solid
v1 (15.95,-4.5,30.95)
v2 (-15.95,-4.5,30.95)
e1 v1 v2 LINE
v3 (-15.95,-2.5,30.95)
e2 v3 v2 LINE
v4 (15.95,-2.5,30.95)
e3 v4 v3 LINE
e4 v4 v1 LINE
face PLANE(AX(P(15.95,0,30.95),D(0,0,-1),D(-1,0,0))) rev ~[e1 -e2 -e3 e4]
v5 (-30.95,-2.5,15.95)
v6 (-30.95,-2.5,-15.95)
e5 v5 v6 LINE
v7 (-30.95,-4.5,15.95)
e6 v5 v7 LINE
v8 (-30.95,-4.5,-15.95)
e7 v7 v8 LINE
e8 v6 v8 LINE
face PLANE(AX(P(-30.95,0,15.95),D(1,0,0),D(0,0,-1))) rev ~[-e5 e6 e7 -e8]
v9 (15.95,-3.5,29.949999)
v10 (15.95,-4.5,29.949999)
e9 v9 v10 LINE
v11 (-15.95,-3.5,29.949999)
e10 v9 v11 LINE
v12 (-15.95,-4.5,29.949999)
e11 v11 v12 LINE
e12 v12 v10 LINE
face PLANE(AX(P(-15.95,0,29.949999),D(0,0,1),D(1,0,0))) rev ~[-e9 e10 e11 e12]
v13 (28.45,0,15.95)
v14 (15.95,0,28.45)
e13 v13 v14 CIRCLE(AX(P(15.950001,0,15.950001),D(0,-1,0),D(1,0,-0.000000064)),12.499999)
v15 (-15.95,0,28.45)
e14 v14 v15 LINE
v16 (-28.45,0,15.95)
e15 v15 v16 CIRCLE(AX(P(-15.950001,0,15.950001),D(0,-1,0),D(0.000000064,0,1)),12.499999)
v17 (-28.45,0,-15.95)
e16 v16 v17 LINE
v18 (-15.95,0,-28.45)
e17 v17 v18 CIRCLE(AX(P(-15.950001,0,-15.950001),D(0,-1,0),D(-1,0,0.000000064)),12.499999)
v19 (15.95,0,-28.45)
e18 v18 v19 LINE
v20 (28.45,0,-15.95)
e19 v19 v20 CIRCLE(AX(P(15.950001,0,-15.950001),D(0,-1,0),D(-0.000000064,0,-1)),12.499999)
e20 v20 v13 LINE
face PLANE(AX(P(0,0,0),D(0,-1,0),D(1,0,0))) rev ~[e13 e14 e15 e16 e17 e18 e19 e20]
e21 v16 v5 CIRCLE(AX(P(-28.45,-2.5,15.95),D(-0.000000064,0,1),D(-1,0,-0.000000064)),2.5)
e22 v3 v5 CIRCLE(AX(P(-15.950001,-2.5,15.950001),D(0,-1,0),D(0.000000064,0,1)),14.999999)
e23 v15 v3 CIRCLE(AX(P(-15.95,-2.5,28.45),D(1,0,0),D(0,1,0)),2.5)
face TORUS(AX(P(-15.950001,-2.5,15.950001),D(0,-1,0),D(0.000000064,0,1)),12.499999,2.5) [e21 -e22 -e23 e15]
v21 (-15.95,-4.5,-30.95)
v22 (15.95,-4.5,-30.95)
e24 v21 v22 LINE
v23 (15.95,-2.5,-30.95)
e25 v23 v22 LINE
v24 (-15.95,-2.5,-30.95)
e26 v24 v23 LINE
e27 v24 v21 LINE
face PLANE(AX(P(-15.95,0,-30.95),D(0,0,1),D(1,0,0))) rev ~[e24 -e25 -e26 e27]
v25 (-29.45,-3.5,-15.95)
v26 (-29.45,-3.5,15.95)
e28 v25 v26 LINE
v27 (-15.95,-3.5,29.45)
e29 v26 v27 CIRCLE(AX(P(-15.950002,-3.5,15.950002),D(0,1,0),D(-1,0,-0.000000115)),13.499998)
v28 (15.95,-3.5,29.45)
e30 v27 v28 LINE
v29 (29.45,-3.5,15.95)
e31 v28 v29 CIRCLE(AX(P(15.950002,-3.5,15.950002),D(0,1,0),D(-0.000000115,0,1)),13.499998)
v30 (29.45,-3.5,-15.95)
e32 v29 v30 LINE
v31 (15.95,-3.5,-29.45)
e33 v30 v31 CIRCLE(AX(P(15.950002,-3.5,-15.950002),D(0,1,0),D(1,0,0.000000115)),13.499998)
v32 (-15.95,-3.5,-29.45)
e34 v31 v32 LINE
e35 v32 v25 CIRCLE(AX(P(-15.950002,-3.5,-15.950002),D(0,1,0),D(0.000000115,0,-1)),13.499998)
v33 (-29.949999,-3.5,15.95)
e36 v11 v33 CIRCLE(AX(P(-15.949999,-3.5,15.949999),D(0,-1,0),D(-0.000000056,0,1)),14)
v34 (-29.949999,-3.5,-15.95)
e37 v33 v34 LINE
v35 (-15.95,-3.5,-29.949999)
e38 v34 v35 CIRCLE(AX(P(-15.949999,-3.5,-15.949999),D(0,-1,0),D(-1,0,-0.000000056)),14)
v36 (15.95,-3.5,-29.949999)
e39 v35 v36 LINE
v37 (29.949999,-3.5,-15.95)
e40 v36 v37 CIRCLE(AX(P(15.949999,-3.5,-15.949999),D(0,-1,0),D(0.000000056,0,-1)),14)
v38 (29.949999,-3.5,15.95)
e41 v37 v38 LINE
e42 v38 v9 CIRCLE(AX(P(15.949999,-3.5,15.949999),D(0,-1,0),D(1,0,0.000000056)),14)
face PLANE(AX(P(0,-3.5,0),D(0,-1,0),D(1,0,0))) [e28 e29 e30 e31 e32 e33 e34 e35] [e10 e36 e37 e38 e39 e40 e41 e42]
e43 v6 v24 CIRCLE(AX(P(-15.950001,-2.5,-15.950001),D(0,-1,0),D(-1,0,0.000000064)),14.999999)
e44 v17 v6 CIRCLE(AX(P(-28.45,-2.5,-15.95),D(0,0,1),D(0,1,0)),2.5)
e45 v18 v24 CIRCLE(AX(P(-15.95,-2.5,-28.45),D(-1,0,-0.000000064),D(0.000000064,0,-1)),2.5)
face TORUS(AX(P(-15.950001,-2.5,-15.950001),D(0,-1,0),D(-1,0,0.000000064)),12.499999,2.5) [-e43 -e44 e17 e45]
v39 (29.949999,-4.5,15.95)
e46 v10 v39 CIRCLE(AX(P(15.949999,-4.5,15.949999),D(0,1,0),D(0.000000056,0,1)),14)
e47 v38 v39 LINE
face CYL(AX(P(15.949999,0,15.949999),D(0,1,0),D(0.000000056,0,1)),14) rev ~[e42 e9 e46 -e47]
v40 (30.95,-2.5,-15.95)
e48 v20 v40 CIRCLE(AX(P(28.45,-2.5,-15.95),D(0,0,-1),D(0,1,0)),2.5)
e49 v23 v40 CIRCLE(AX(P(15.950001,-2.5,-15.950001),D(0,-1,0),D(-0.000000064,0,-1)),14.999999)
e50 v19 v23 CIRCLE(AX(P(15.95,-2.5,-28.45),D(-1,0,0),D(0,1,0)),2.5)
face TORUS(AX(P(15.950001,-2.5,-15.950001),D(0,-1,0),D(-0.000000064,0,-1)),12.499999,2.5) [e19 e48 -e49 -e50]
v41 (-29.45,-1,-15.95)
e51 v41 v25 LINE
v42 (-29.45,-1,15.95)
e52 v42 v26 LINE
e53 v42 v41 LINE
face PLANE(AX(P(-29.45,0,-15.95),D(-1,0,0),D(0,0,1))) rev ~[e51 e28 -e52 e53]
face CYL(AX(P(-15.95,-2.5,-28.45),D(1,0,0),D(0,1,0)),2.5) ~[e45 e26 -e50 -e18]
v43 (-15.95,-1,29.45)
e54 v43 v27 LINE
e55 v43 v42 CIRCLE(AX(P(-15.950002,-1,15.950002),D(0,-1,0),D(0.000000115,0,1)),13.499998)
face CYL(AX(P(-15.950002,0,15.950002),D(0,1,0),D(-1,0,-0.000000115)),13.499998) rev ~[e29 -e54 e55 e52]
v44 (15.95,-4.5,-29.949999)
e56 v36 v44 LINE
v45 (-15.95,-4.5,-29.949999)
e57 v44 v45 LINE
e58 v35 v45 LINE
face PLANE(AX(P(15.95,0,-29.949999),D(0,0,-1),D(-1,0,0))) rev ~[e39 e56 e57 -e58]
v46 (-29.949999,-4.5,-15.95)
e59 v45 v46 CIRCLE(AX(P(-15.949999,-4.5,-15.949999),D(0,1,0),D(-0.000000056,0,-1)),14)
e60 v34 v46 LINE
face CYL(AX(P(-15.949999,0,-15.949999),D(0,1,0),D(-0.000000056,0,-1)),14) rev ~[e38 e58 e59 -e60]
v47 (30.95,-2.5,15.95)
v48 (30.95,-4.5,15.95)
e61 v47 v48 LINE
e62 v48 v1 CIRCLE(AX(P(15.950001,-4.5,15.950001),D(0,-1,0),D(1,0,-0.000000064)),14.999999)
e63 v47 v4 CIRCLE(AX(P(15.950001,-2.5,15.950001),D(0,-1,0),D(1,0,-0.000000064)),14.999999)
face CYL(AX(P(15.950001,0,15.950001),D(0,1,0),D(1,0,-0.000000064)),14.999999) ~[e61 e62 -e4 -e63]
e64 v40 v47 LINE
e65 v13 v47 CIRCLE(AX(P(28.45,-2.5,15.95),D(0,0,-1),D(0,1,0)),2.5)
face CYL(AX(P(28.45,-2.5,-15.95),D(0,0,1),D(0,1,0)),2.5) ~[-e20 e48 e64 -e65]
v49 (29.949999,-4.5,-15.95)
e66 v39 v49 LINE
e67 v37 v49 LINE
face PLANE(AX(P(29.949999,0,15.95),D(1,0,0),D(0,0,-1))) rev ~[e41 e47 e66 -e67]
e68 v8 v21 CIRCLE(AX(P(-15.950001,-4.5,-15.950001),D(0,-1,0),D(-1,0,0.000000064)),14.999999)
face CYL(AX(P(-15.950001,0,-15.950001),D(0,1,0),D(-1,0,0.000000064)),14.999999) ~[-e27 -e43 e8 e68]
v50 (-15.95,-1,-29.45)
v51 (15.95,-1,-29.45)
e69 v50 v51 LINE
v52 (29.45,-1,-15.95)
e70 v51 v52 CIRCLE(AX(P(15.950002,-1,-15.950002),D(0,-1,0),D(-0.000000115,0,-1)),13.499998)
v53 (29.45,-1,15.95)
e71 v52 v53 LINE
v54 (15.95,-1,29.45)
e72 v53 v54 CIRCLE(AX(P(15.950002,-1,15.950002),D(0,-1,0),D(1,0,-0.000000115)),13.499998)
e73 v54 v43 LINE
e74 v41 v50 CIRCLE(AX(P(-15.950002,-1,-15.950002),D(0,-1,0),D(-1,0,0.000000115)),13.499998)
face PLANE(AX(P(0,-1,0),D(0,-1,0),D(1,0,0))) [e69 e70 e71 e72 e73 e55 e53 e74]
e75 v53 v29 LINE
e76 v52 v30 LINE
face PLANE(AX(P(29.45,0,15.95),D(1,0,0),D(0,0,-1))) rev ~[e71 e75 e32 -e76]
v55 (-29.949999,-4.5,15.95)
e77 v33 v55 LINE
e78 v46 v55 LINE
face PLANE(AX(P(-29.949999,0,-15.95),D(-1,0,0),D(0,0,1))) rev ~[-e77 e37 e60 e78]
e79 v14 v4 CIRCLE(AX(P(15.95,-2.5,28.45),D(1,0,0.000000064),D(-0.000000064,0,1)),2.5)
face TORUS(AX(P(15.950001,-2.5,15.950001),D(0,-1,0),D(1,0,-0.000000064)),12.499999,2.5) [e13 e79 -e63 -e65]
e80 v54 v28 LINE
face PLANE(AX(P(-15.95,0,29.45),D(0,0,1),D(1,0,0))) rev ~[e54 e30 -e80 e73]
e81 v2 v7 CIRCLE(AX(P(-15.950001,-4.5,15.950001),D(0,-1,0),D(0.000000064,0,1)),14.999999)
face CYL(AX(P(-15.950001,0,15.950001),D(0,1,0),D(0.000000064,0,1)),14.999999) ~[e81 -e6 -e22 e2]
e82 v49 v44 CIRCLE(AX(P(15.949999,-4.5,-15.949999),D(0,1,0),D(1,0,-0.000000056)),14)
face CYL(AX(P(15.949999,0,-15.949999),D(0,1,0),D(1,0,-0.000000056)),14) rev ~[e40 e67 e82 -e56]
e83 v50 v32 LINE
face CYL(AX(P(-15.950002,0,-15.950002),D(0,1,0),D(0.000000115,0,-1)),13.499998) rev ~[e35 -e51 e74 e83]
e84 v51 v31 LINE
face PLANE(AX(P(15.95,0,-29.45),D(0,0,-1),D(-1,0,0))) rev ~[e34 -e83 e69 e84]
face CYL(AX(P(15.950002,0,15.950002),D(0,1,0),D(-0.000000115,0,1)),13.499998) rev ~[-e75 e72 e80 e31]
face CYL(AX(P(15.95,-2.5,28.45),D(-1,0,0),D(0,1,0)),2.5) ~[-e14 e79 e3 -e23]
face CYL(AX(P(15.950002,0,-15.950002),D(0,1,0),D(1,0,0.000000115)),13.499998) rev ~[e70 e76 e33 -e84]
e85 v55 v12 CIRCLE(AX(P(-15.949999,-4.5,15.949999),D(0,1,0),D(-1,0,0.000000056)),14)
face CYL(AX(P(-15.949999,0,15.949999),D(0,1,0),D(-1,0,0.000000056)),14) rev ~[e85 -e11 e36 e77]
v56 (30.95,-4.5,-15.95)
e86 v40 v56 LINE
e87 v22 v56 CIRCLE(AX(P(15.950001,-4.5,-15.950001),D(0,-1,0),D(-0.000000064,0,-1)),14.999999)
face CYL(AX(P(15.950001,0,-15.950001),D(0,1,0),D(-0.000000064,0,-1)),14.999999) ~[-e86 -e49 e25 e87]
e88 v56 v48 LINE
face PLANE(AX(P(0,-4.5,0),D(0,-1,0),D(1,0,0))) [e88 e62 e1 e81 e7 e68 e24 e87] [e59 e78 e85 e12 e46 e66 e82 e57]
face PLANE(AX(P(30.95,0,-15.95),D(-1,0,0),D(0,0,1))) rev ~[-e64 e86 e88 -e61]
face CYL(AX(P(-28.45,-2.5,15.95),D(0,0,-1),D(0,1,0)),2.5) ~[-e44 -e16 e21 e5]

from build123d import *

# Parameters (mm, degrees)
F1_DEPTH = 4.5
F2_DEPTH = 3.5
F3_DEPTH = 1
F4_R     = 2.5


with BuildPart() as f1:
    # F0 (on Front) → F1 (new body)
    with BuildSketch(Plane.XZ):
        with BuildLine():
            Line((15.95, 30.95), (-15.95, 30.95))
            ThreePointArc((-15.95, 30.95), (-26.556602, 26.556602), (-30.95, 15.95))
            Line((-30.95, 15.95), (-30.95, -15.95))
            ThreePointArc((-30.95, -15.95), (-26.556602, -26.556602), (-15.95, -30.95))
            Line((-15.95, -30.95), (15.95, -30.95))
            ThreePointArc((15.95, -30.95), (26.556602, -26.556602), (30.95, -15.95))
            Line((30.95, -15.95), (30.95, 15.95))
            ThreePointArc((30.95, 15.95), (26.556602, 26.556602), (15.95, 30.95))
        make_face()
        with BuildLine():
            ThreePointArc((-29.949999, 15.95), (-25.849494, 25.849494), (-15.95, 29.949999))
            Line((-15.95, 29.949999), (15.95, 29.949999))
            ThreePointArc((15.95, 29.949999), (25.849494, 25.849494), (29.949999, 15.95))
            Line((29.949999, 15.95), (29.949999, -15.95))
            ThreePointArc((29.949999, -15.95), (25.849494, -25.849494), (15.95, -29.949999))
            Line((15.95, -29.949999), (-15.95, -29.949999))
            ThreePointArc((-15.95, -29.949999), (-25.849494, -25.849494), (-29.949999, -15.95))
            Line((-29.949999, -15.95), (-29.949999, 15.95))
        make_face(mode=Mode.SUBTRACT)
    extrude(amount=F1_DEPTH)

    # F0 (on Front) → F2 (join)
    with BuildSketch(Plane.XZ):
        with BuildLine():
            Line((15.95, 29.949999), (-15.95, 29.949999))
            ThreePointArc((-15.95, 29.949999), (-25.849494, 25.849494), (-29.949999, 15.95))
            Line((-29.949999, 15.95), (-29.949999, -15.95))
            ThreePointArc((-29.949999, -15.95), (-25.849494, -25.849494), (-15.95, -29.949999))
            Line((-15.95, -29.949999), (15.95, -29.949999))
            ThreePointArc((15.95, -29.949999), (25.849494, -25.849494), (29.949999, -15.95))
            Line((29.949999, -15.95), (29.949999, 15.95))
            ThreePointArc((29.949999, 15.95), (25.849494, 25.849494), (15.95, 29.949999))
        make_face()
        with BuildLine():
            ThreePointArc((-29.45, 15.95), (-25.495942, 25.495942), (-15.95, 29.45))
            Line((-15.95, 29.45), (15.95, 29.45))
            ThreePointArc((15.95, 29.45), (25.495942, 25.495942), (29.45, 15.95))
            Line((29.45, 15.95), (29.45, -15.95))
            ThreePointArc((29.45, -15.95), (25.495942, -25.495942), (15.95, -29.45))
            Line((15.95, -29.45), (-15.95, -29.45))
            ThreePointArc((-15.95, -29.45), (-25.495942, -25.495942), (-29.45, -15.95))
            Line((-29.45, -15.95), (-29.45, 15.95))
        make_face(mode=Mode.SUBTRACT)
    extrude(amount=F2_DEPTH)

    # F0 (on Front) → F3 (join)
    with BuildSketch(Plane.XZ):
        with BuildLine():
            Line((15.95, 29.45), (-15.95, 29.45))
            ThreePointArc((-15.95, 29.45), (-25.495942, 25.495942), (-29.45, 15.95))
            Line((-29.45, 15.95), (-29.45, -15.95))
            ThreePointArc((-29.45, -15.95), (-25.495942, -25.495942), (-15.95, -29.45))
            Line((-15.95, -29.45), (15.95, -29.45))
            ThreePointArc((15.95, -29.45), (25.495942, -25.495942), (29.45, -15.95))
            Line((29.45, -15.95), (29.45, 15.95))
            ThreePointArc((29.45, 15.95), (25.495942, 25.495942), (15.95, 29.45))
        make_face()
    extrude(amount=F3_DEPTH)

    # F4
    f4_edges = [f1.edges().sort_by_distance(p)[0] for p in [
        (30.95, 0, 0),
    ]]
    fillet(f4_edges, radius=F4_R)


solid = f1.part
